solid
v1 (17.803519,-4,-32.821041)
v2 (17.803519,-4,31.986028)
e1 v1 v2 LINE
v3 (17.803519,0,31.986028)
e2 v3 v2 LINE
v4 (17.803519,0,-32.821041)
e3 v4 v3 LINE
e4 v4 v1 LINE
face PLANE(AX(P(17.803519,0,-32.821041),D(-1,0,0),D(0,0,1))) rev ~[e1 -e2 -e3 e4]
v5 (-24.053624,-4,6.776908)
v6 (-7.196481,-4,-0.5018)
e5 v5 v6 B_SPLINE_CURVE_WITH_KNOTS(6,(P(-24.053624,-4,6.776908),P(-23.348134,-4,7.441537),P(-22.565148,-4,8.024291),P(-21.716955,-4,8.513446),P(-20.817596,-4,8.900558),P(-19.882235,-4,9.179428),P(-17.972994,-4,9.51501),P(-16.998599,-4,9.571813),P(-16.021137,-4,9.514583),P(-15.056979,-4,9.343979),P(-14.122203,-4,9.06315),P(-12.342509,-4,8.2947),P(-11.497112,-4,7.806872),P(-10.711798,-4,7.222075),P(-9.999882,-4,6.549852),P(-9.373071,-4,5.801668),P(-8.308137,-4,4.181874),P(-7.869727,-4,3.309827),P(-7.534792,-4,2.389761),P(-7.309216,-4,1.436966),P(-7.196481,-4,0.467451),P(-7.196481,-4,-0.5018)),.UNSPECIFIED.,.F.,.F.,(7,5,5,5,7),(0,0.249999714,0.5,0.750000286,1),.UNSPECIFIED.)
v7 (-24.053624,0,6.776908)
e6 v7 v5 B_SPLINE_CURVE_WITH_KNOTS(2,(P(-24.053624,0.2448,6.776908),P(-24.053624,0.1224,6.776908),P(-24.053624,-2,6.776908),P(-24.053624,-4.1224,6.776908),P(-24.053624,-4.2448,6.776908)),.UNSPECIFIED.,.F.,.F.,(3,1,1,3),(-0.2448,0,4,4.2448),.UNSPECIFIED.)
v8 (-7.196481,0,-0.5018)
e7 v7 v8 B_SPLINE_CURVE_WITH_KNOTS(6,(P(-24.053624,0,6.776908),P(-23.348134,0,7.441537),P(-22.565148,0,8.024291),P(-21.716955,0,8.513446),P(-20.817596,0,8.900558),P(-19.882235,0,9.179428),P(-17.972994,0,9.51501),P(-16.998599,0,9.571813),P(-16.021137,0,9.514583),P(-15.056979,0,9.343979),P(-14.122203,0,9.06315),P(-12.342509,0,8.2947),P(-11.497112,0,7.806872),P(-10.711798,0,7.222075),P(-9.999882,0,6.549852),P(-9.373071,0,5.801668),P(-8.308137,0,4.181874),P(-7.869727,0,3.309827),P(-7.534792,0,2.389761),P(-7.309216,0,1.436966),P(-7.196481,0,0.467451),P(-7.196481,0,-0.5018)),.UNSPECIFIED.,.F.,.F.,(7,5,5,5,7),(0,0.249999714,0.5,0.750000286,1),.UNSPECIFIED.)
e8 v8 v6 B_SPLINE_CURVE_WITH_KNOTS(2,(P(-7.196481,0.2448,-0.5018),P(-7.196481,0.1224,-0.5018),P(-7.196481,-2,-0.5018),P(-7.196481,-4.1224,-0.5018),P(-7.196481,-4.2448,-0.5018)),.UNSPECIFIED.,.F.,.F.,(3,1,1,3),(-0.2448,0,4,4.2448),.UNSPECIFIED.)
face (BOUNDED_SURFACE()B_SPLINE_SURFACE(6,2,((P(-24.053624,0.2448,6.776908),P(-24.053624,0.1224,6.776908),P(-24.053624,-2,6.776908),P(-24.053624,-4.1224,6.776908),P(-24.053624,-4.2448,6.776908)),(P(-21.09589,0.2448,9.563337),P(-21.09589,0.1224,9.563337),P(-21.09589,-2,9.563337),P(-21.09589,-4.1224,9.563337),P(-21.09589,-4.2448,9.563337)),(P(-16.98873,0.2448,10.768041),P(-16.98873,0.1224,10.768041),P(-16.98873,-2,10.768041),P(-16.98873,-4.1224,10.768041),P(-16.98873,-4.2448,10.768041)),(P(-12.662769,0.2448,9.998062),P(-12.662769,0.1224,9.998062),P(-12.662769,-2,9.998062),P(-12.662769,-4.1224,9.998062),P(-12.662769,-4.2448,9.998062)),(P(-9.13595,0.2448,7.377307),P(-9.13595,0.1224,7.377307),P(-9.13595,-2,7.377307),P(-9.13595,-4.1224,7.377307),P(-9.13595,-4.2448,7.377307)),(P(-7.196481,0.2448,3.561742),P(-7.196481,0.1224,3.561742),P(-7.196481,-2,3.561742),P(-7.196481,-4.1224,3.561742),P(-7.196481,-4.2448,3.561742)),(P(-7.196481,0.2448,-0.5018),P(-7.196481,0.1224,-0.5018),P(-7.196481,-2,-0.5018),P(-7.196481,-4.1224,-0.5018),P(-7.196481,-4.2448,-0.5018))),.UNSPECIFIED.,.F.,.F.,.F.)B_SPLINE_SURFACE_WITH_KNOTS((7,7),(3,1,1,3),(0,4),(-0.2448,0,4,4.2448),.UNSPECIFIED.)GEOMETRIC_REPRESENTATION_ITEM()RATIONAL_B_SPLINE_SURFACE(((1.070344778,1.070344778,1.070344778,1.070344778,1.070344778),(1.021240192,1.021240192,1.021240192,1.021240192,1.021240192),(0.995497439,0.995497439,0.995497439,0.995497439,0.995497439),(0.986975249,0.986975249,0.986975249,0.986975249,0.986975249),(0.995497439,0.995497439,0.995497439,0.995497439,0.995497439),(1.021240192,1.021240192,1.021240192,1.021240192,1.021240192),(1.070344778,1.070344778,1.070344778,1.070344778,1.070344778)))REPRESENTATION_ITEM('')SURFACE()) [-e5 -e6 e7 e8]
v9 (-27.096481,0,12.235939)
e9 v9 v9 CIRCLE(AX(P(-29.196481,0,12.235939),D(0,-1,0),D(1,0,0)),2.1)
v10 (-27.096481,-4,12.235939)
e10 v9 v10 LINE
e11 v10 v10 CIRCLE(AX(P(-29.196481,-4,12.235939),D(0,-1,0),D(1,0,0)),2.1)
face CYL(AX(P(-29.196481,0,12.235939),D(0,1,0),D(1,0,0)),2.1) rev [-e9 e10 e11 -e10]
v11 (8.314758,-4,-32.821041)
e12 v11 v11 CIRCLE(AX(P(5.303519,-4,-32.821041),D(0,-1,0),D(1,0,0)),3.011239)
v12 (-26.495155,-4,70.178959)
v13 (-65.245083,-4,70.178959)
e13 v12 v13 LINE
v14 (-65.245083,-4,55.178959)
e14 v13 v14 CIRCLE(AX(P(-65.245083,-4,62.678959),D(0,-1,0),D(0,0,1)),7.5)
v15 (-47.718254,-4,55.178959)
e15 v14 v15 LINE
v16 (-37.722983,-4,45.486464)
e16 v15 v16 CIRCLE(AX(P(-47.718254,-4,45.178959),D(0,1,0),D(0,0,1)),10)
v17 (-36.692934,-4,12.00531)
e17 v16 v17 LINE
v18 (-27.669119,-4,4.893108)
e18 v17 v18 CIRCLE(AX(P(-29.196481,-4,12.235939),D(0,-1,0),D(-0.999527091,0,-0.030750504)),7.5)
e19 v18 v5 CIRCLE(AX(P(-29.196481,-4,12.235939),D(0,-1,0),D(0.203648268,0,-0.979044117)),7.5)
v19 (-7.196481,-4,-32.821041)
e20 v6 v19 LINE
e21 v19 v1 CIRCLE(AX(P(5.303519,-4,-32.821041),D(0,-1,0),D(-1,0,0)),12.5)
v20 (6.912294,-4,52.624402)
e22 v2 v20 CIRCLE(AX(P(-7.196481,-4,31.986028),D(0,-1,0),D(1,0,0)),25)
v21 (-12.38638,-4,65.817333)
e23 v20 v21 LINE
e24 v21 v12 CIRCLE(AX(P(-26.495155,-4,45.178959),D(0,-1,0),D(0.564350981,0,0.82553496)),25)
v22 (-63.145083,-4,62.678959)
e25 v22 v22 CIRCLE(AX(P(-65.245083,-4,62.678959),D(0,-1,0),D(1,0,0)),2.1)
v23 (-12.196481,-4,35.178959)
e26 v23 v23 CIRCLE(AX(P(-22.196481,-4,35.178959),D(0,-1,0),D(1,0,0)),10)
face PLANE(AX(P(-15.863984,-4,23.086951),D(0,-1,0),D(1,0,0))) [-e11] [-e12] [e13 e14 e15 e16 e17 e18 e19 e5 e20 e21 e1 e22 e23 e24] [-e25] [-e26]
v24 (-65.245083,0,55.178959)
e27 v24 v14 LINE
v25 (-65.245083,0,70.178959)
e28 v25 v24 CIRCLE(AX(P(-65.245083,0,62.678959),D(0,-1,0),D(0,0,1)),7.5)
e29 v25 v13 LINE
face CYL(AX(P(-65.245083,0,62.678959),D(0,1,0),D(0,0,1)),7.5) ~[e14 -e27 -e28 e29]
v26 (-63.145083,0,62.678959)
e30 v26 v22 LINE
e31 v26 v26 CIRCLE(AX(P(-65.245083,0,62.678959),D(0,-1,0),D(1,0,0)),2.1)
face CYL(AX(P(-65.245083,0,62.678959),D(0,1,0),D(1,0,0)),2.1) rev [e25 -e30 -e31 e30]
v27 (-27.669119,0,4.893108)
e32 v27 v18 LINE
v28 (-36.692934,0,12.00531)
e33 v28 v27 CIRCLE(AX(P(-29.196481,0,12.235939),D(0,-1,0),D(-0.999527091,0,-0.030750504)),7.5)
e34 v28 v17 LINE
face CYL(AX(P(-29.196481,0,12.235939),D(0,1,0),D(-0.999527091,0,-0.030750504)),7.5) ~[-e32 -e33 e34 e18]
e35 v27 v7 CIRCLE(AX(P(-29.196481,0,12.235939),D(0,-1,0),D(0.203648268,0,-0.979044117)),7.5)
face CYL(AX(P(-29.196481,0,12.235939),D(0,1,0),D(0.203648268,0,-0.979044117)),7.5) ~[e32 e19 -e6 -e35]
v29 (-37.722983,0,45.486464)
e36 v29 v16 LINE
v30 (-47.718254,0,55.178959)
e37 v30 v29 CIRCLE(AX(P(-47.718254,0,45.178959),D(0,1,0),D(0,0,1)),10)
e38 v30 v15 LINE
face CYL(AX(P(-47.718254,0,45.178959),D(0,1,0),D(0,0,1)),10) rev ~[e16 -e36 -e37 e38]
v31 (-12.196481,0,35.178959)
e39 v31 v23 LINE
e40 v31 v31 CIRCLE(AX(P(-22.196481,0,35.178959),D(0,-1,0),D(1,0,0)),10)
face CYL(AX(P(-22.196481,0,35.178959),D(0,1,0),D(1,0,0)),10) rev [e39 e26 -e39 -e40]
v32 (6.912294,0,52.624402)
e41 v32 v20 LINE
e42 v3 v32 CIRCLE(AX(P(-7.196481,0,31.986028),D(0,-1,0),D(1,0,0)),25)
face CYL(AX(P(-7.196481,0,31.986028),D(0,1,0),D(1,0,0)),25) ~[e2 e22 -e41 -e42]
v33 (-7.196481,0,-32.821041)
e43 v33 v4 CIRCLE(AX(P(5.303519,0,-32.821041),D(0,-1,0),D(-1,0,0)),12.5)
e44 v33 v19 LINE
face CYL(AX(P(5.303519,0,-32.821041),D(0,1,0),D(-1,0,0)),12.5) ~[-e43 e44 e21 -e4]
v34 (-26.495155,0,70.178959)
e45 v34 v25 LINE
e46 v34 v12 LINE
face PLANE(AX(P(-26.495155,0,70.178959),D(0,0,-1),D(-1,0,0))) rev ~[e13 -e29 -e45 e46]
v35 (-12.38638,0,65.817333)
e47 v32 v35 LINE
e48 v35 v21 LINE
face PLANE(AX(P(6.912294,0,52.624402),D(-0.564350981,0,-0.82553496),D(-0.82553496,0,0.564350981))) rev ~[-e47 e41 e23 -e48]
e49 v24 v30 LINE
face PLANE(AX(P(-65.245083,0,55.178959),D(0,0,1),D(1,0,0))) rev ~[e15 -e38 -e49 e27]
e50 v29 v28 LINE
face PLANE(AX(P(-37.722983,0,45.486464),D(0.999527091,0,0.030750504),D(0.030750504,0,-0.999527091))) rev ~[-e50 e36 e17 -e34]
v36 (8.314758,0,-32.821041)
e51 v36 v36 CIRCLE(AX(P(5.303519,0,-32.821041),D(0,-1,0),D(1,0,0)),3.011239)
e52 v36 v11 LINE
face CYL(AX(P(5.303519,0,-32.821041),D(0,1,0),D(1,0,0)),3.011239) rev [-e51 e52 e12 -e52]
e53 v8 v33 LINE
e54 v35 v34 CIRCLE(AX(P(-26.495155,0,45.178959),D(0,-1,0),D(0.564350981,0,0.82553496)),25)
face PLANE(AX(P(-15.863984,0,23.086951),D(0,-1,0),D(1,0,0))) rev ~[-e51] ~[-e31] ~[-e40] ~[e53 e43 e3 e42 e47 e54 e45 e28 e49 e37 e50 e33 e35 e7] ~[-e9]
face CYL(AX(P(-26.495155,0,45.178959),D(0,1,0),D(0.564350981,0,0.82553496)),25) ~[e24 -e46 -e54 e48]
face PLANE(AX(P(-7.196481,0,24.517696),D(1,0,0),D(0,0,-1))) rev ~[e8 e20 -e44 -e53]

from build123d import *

# Parameters (mm, degrees)
F0_R     = 2.1
F0_R_2   = 3.0112391077
F0_R_3   = 10
F1_DEPTH = 4
F2_R     = 10


with BuildPart() as f1:
    # F0 (on Front) → F1 (new body)
    with BuildSketch(Plane.XZ):
        with BuildLine():
            ThreePointArc((-7.1964808299, -32.8210414008), (5.3035191701, -45.3210414008), (17.8035191701, -32.8210414008))
            Line((17.8035191701, -32.8210414008), (17.8035191701, 31.9860279487))
            ThreePointArc((17.8035191701, 31.9860279487), (14.9136906194, 43.6539462927), (6.9122936914, 52.6244019521))
            Line((6.9122936914, 52.6244019521), (-12.3863800917, 65.8173326027))
            ThreePointArc((-12.3863800917, 65.8173326027), (-19.1113666315, 69.0636749476), (-26.4951546131, 70.1789585992))
            Line((-26.4951546131, 70.1789585992), (-65.2450833675, 70.1789585992))
            ThreePointArc((-65.2450833675, 70.1789585992), (-72.7450833675, 62.6789585992), (-65.2450833675, 55.1789585992))
            Line((-65.2450833675, 55.1789585992), (-47.7182544043, 55.1789585992))
            ThreePointArc((-47.7182544043, 55.1789585992), (-40.7567549399, 52.3579226753), (-37.7229834901, 45.4864636405))
            Line((-37.7229834901, 45.4864636405), (-36.6929340156, 12.0053099336))
            ThreePointArc((-36.6929340156, 12.0053099336), (-33.8390412261, 6.3455539251), (-27.6691188204, 4.8931078373))
            ThreePointArc((-27.6691188204, 4.8931078373), (-25.5466337907, 5.683945385), (-23.7570386065, 7.0723674408))
            Line((-23.7570386065, 7.0723674408), (-7.1964808299, 24.517695962))
            Line((-7.1964808299, 24.517695962), (-7.1964808299, -32.8210414008))
        make_face()
        with Locations((-29.1964808299, 12.2359387145)):
            Circle(F0_R, mode=Mode.SUBTRACT)
        with Locations((5.3035191701, -32.8210414008)):
            Circle(F0_R_2, mode=Mode.SUBTRACT)
        with Locations((-65.2450833675, 62.6789585992)):
            Circle(F0_R, mode=Mode.SUBTRACT)
        Polygon((-6.4974784621, 25.2540434998), (-7.1964808299, 24.517695962), (-7.1964808299, 25.917594724), align=None, mode=Mode.SUBTRACT)
        with Locations((-22.1964808299, 35.1789585992)):
            Circle(F0_R_3, mode=Mode.SUBTRACT)
        Polygon((-7.1964808299, 25.917594724), (-7.1964808299, 24.517695962), (-6.4974784621, 25.2540434998), align=None)
    extrude(amount=F1_DEPTH)

    # F2
    f2_edges = [f1.edges().sort_by_distance(p)[0] for p in [
        (-7.196481, -2, 24.517696),
    ]]
    fillet(f2_edges, radius=F2_R)


solid = f1.part
